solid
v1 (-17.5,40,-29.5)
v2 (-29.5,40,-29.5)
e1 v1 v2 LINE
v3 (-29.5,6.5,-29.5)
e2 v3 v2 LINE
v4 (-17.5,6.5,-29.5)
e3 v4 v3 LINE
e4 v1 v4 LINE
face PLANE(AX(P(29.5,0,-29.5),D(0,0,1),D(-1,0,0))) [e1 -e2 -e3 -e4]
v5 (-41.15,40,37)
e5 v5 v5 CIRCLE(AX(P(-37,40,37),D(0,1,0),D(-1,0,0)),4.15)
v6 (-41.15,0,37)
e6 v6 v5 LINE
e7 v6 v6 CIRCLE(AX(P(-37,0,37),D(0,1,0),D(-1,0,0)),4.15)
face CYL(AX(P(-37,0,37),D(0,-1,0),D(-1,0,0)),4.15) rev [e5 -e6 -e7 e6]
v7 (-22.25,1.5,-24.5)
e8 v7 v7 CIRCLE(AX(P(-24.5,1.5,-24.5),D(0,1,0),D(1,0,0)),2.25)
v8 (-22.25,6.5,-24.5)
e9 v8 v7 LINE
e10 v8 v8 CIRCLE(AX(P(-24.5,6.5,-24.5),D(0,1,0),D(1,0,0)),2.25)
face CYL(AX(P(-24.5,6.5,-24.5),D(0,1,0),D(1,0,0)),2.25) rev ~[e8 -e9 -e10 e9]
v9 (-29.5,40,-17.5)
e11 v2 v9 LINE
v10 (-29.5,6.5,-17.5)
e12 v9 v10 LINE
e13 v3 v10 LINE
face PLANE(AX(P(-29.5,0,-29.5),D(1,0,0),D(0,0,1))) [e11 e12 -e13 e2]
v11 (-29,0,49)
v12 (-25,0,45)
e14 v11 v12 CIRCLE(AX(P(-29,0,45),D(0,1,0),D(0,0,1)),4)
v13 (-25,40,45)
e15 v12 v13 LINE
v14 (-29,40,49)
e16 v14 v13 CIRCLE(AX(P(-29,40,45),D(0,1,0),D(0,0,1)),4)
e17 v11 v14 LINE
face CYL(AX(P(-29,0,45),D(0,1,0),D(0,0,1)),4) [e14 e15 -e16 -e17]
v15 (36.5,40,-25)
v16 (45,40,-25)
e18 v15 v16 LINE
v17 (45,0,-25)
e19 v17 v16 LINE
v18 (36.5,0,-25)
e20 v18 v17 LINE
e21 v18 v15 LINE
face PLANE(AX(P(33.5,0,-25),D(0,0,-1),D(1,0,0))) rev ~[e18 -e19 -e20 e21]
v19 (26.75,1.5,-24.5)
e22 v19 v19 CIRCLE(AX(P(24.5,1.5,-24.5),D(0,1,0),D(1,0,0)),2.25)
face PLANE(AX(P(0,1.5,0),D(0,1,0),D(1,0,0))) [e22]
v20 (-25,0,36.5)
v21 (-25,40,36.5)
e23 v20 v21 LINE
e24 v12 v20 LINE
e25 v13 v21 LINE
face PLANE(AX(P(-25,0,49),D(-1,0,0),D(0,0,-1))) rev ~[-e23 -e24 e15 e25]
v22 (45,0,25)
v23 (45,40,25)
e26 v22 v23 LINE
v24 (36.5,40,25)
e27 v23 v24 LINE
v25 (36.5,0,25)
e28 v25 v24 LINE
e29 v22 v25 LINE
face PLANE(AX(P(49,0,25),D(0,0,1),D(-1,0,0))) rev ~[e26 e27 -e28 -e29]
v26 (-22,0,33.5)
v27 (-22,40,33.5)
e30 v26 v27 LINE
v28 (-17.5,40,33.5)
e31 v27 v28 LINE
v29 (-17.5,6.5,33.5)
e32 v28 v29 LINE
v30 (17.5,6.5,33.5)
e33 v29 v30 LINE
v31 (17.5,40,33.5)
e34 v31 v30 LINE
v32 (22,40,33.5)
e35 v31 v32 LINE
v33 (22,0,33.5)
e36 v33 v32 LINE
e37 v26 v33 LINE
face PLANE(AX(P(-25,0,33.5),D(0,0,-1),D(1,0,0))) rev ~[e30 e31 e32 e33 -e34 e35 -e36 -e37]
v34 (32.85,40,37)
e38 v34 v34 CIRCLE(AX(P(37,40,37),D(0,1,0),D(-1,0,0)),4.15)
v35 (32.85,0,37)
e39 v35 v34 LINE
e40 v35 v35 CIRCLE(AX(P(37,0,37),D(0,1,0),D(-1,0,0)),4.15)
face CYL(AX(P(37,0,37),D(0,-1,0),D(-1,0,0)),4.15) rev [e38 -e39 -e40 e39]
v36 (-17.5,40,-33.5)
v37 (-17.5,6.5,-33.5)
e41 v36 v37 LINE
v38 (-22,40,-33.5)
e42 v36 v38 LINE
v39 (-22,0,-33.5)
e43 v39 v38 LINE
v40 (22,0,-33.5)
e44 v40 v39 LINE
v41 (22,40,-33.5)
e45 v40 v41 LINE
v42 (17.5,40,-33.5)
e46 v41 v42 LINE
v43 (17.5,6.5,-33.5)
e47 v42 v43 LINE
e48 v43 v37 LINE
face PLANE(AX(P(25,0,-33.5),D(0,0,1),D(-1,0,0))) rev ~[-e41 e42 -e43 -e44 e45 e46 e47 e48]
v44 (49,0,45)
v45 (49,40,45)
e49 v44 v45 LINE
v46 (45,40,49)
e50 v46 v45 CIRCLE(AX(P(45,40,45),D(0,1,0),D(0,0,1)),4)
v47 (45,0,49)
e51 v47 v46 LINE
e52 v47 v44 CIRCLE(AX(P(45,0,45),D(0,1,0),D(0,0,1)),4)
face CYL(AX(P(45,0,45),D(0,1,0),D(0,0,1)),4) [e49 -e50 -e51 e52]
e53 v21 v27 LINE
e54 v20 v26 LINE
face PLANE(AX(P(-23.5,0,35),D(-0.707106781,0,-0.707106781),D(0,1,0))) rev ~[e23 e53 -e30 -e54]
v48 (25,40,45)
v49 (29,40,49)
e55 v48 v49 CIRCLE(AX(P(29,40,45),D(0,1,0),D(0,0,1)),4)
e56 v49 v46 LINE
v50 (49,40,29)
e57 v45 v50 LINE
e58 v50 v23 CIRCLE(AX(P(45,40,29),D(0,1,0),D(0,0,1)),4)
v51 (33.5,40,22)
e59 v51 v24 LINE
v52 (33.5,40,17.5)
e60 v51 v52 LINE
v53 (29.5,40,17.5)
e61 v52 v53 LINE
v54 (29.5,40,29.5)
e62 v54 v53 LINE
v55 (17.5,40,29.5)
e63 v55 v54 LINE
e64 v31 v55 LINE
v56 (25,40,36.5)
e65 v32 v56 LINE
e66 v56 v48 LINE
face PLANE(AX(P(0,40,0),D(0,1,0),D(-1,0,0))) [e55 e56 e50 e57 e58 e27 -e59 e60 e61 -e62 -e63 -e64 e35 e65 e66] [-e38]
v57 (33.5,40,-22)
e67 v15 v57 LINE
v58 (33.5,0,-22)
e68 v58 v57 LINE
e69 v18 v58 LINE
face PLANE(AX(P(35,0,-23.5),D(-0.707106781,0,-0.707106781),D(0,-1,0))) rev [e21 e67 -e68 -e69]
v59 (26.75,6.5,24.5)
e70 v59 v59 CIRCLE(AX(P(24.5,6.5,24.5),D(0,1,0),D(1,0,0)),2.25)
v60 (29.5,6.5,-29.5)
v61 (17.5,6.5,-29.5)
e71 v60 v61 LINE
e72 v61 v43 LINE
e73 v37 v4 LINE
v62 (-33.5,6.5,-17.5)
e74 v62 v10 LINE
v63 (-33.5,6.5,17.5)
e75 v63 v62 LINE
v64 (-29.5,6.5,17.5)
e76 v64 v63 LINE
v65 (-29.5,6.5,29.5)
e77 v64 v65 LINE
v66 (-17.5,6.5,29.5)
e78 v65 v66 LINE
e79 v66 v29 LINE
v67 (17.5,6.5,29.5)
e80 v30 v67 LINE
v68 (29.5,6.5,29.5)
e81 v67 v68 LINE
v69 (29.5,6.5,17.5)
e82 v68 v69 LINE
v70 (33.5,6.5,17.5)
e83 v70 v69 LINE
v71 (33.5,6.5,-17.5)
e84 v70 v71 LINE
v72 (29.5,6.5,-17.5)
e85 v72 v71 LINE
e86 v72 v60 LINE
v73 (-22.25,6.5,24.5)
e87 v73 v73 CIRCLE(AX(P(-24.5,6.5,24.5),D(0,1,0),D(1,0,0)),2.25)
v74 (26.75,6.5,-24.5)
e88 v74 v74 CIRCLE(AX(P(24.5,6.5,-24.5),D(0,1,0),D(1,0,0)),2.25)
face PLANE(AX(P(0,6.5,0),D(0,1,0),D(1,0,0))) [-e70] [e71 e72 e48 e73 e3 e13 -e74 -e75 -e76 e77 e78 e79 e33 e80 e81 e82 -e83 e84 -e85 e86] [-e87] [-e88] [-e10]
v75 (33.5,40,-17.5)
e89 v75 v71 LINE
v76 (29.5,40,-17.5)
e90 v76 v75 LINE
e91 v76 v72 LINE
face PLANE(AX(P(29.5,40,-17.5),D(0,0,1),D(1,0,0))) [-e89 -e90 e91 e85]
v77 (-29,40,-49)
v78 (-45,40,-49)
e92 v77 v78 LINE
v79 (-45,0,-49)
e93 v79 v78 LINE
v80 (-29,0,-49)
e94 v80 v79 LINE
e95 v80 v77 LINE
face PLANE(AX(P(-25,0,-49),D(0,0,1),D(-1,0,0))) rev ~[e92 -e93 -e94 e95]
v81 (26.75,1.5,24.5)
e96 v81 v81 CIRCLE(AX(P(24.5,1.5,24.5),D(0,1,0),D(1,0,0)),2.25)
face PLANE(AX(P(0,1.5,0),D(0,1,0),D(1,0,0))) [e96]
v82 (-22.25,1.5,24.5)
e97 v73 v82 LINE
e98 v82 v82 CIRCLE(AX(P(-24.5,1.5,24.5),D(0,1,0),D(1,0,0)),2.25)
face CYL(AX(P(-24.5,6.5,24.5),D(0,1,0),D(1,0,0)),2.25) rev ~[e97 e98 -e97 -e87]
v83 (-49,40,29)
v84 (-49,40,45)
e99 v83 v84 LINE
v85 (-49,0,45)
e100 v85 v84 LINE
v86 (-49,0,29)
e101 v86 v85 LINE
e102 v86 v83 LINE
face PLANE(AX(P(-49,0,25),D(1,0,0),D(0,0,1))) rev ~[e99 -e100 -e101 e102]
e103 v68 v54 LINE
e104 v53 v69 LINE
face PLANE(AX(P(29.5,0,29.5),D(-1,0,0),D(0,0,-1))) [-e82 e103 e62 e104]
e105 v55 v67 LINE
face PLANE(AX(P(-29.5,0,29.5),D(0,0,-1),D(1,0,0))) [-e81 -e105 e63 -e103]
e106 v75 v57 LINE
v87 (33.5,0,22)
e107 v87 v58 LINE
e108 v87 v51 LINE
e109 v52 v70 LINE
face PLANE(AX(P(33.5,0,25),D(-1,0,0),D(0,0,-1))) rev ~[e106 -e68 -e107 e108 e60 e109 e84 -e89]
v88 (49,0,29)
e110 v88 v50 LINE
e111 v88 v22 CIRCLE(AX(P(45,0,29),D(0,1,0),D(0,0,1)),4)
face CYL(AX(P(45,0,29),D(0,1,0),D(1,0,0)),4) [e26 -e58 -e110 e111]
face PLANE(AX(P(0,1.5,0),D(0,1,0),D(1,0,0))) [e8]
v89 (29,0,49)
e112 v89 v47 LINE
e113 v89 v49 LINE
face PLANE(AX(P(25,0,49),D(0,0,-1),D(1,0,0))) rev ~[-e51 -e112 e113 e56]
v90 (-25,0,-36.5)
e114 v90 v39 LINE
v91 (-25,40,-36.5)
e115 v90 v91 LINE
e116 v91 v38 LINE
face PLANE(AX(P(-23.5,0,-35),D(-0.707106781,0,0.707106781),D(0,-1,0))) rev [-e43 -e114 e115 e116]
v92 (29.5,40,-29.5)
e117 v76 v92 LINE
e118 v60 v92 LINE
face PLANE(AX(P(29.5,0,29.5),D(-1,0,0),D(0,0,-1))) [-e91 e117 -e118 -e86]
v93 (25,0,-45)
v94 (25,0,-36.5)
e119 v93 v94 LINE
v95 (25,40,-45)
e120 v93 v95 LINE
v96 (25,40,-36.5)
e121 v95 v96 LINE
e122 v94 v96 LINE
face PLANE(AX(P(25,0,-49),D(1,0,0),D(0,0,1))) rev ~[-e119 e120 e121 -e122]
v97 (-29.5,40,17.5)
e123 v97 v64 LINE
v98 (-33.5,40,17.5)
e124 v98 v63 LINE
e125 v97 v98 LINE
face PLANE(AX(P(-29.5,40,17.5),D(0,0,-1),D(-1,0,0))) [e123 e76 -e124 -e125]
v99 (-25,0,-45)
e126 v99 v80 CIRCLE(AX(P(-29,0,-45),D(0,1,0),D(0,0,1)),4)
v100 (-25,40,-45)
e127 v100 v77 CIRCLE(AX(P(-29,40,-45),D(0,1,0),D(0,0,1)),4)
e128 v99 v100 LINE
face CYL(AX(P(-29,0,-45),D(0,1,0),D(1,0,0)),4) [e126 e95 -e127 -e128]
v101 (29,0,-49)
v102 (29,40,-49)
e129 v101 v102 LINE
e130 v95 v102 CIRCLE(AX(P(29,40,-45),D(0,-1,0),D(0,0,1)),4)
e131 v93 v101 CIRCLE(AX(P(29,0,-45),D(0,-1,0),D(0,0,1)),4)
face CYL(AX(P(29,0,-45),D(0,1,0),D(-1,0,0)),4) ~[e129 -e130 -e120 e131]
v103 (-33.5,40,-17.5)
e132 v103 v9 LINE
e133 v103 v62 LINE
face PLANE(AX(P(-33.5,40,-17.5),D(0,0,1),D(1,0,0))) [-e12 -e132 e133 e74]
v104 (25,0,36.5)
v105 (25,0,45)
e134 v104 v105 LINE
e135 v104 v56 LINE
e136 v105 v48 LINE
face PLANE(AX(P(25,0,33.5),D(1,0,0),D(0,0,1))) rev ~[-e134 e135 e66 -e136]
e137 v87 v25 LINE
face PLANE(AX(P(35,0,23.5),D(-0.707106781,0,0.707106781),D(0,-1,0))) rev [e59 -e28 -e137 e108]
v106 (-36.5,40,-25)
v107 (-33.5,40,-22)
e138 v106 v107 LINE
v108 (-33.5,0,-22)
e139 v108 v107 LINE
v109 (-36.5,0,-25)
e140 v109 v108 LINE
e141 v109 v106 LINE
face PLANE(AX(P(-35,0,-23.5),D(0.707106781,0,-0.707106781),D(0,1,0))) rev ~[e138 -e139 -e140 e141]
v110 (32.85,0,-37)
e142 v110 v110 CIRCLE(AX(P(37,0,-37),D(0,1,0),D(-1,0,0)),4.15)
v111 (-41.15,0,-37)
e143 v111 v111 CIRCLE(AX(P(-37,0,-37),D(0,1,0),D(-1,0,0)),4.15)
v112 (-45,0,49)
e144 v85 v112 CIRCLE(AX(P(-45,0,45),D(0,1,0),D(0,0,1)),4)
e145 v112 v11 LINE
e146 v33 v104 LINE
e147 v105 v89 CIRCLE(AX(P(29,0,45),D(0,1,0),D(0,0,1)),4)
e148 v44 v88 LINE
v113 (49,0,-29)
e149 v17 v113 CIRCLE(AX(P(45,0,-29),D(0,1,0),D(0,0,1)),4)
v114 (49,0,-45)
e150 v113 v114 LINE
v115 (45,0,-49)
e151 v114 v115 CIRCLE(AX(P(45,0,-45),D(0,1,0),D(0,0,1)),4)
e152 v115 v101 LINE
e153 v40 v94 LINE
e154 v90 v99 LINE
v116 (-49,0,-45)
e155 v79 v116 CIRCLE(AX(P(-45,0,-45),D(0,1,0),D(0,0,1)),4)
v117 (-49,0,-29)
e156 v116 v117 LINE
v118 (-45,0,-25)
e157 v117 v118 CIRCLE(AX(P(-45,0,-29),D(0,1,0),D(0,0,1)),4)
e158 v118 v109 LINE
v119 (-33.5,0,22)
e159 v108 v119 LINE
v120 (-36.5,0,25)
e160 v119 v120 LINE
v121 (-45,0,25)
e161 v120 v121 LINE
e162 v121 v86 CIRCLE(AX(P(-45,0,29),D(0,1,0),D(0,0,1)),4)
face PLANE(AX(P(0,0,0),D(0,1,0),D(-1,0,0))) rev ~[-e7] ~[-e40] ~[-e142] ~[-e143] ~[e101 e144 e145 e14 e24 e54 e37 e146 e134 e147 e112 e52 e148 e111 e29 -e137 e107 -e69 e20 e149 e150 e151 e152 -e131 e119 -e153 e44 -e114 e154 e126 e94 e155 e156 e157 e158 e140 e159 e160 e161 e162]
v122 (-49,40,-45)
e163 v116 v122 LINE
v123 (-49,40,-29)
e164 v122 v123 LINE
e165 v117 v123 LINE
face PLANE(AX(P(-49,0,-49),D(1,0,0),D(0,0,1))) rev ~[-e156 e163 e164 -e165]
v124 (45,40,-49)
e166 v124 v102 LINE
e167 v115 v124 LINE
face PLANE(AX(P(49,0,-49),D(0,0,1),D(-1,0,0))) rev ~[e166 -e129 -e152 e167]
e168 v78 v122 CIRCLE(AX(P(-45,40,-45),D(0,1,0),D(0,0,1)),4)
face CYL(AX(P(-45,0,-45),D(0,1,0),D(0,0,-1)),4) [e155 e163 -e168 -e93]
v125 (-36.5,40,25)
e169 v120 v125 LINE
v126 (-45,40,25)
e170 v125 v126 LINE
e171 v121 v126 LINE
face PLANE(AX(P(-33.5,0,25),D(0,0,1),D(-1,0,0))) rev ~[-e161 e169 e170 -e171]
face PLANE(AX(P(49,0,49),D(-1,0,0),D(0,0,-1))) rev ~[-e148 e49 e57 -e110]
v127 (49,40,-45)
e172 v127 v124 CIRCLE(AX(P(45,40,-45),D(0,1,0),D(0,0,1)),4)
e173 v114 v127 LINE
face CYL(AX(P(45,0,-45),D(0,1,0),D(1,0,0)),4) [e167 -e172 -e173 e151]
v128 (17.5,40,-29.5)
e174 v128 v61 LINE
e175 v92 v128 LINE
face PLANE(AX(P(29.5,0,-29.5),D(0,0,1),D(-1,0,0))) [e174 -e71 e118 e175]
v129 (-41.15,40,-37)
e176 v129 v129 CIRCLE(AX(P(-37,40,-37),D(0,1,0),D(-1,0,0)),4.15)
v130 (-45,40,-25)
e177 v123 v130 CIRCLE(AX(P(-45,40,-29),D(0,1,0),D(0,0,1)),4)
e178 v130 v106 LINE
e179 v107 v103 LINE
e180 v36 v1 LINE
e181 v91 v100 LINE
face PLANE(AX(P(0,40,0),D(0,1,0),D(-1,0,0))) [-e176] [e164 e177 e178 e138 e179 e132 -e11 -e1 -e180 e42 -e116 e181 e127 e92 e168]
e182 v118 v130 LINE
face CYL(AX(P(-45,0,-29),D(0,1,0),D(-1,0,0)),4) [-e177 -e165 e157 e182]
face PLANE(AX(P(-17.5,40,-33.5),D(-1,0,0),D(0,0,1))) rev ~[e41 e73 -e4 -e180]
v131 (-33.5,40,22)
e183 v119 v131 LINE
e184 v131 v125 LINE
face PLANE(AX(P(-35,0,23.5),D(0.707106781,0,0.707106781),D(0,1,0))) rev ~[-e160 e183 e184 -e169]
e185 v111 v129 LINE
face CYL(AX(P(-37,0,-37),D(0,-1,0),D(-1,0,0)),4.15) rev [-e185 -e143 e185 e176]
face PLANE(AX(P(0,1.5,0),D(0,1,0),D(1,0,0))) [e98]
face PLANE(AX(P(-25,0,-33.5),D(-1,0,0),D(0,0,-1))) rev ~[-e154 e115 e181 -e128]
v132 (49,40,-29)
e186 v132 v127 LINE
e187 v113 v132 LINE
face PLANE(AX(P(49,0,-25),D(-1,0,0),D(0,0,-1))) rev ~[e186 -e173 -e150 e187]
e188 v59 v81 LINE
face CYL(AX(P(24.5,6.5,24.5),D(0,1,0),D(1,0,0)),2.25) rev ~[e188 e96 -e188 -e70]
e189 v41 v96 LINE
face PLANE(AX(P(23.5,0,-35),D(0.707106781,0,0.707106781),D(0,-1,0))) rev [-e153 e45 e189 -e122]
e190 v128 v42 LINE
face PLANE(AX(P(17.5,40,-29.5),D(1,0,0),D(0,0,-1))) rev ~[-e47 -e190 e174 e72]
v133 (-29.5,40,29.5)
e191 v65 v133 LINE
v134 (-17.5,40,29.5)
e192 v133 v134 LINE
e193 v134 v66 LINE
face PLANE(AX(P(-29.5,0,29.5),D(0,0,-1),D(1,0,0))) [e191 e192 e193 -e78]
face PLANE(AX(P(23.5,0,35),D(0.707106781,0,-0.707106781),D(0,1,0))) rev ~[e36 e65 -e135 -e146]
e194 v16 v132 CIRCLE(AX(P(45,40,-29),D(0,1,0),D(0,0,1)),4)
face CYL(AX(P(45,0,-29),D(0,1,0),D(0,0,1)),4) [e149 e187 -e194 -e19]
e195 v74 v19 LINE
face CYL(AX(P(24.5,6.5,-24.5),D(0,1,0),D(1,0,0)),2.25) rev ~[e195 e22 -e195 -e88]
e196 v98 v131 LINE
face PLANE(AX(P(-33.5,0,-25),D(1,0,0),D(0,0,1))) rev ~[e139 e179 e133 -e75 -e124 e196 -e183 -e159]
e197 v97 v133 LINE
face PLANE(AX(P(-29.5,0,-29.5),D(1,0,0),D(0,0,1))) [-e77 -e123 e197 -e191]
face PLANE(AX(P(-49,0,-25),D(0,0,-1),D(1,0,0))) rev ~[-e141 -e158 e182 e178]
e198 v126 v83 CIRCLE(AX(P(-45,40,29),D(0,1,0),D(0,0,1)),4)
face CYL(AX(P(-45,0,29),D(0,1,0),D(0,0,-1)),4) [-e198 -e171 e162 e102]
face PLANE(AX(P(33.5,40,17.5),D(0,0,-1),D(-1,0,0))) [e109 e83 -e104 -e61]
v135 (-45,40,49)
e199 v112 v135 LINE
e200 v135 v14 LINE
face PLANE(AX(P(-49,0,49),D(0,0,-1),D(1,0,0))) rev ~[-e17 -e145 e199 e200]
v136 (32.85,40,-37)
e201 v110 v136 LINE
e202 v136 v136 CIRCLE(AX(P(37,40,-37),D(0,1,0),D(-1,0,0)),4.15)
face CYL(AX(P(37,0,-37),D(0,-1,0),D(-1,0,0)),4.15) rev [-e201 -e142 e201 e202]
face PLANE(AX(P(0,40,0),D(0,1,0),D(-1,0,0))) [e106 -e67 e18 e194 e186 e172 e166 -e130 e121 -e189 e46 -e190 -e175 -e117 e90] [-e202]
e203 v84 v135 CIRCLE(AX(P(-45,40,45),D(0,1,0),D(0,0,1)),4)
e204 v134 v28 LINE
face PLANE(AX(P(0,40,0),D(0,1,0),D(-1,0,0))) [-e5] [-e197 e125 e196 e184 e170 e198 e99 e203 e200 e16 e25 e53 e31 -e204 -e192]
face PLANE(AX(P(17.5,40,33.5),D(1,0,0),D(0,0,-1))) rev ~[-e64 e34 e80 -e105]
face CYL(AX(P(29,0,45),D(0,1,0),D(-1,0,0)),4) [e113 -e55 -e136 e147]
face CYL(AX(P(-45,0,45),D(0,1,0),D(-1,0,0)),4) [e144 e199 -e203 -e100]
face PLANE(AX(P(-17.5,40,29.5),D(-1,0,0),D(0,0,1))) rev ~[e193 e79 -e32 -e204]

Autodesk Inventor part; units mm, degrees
ref_plane "YZ Plane" through (0, 0, 0) normal (1, 0, 0) x (0, 1, 0)
ref_plane "XZ Plane" through (0, 0, 0) normal (0, 1, 0) x (-1, 0, 0)
ref_plane "XY Plane" through (0, 0, 0) normal (0, 0, 1) x (1, 0, 0)
sketch "Boceto1" plane through (0, 0, 0) normal (0, 1, 0) x (-1, 0, 0)
  circle A0 centre (37, 37) radius 4.15
  line L0 (25, -33.5) -> (25, -49)
  line L1 (25, -49) -> (49, -49)
  line L2 (49, -49) -> (49, -25)
  line L3 (49, -25) -> (33.5, -25)
  line L4 (33.5, -25) -> (33.5, 25)
  line L5 (33.5, 25) -> (49, 25)
  line L6 (49, 25) -> (49, 49)
  line L7 (49, 49) -> (25, 49)
  line L8 (25, 49) -> (25, 33.5)
  line L9 (25, 33.5) -> (-25, 33.5)
  line L10 (-25, 33.5) -> (-25, 49)
  line L11 (-25, 49) -> (-49, 49)
  line L12 (-49, 49) -> (-49, 25)
  line L13 (-49, 25) -> (-33.5, 25)
  line L14 (-33.5, 25) -> (-33.5, -25)
  line L15 (-33.5, -25) -> (-49, -25)
  line L16 (-49, -25) -> (-49, -49)
  line L17 (-49, -49) -> (-25, -49)
  line L18 (-25, -49) -> (-25, -33.5)
  line L19 (-25, -33.5) -> (25, -33.5)
  circle A1 centre (0, 0) radius 5 construction
  line L20 (49, -49) -> (-49, -49) construction
  line L21 (-49, -49) -> (-49, 49)
  line L22 (-49, 49) -> (49, 49) construction
  line L23 (49, 49) -> (49, -49) construction
  line L24 (49, -49) -> (25.0011, -49) construction
  line L25 (25.0011, -49) -> (25.0011, -25) construction
  line L26 (49, -25) -> (49, -49) construction
  line L27 (0, -49) -> (0, 49) construction
  line L28 (49, 0) -> (-49, 0) construction
  line L29 (49, 49) -> (25, 49) construction
  line L30 (25, 49) -> (25, 25) construction
  line L31 (25, 25) -> (49, 25) construction
  line L32 (49, 25) -> (49, 49) construction
  line L33 (49, 49) -> (25, 25) construction
  line L34 (49, 25) -> (25, 49) construction
  circle A2 centre (-37, 37) radius 4.15
  circle A3 centre (-37, -37) radius 4.15
  circle A4 centre (37, -37) radius 4.15
  line L35 (29.5, 29.5) -> (-29.5, 29.5)
  line L36 (-29.5, 29.5) -> (-29.5, -29.5)
  line L37 (-29.5, -29.5) -> (29.5, -29.5)
  line L38 (29.5, -29.5) -> (29.5, 29.5)
  line L39 (29.5, 29.5) -> (-29.5, -29.5) construction
  line L40 (-29.5, 29.5) -> (29.5, -29.5) construction
  circle A5 centre (0, 0) radius 2.5 construction
  point P0 (33.5, 0)
  point P1 (0, -33.5)
  point P2 (0, 33.5)
  point P3 (-33.5, 0)
  dimension "d0" = 33.5
  dimension "d1" = 33.5
  dimension "d4" = 8.3
  dimension "d6" = 49
  dimension "d7" = 49
  dimension "d8" = 98
  dimension "d9" = 98
  dimension "d10" = 15.5
  dimension "d11" = 15.5
  dimension "d12" = 15.5
  dimension "d13" = 15.5
  dimension "d14" = 50
  dimension "d15" = 50
  dimension "d16" = 15.5
  dimension "d17" = 15.5
  dimension "d18" = 15.5
  dimension "d19" = 50
  dimension "d20" = 25
  dimension "d21" = 25
  dimension "d22" = 25
  dimension "d23" = 25
  dimension "d24" = 10
  dimension "d26" = 8.5
  dimension "d27" = 8.5
  dimension "d28" = 24
  dimension "d29" = 15.5
  dimension "d30" = 24
  dimension "d31" = 8.5
  dimension "d32" = 24
  dimension "d33" = 24
  dimension "d36" = 360
  dimension "d41" = 4
  dimension "d46" = 5
  dimension "d49" = 4
extrude "Extrusión1" add sketch "Boceto1" along normal blind 40 contours L19 L18 L17 L16 L15 L14 L13 L12 L11 L10 L9 L8 L7 L6 L5 L4 L3 L2 L1 L0
extrude "Extrusión2" add sketch "Boceto1" along normal blind 6.5 contours L38 L37 L36 L35
sketch "Boceto2" plane through (0, 40, 0) normal (0, 1, 0) x (1, 0, 0)
  line L0 (33.5, -25) -> (33.5, 25) projected
  line L1 (-33.5, 17.5) -> (33.5, 17.5)
  line L2 (33.5, 17.5) -> (33.5, -17.5)
  line L3 (33.5, -17.5) -> (-33.5, -17.5)
  line L4 (-33.5, -17.5) -> (-33.5, 17.5)
  line L5 (-33.5, 17.5) -> (33.5, -17.5) construction
  line L6 (33.5, 17.5) -> (-33.5, -17.5) construction
  line L7 (17.5, 33.5) -> (-17.5, 33.5)
  line L8 (-17.5, 33.5) -> (-17.5, -33.5)
  line L9 (-17.5, -33.5) -> (17.5, -33.5)
  line L10 (17.5, -33.5) -> (17.5, 33.5)
  line L11 (17.5, 33.5) -> (-17.5, -33.5) construction
  line L12 (-17.5, 33.5) -> (17.5, -33.5) construction
  line L13 (-25, -33.5) -> (25, -33.5) projected
  line L14 (29.5, 29.5) -> (29.5, -29.5) projected
  line L15 (-29.5, 29.5) -> (29.5, 29.5) projected
  line L16 (-29.5, -29.5) -> (-29.5, 29.5) projected
  line L17 (29.5, -29.5) -> (-29.5, -29.5) projected
  point P0 (0, 0)
  point P1 (0, 0)
  point P2 (-17.5, 29.5)
  point P3 (17.5, 29.5)
  point P4 (-29.5, -17.5)
  point P5 (-29.5, 17.5)
  point P6 (17.5, -29.5)
  point P7 (-17.5, -29.5)
  point P8 (29.5, 17.5)
  point P9 (29.5, -17.5)
  dimension "d50" = 35
  dimension "d51" = 35
extrude "Extrusión5" cut sketch "Boceto2" against normal up to surface (33.5 mm away) contours L3 L14 L1 L0 | L10 L9 L8 L17 | L15 L8 L7 L10 | L3 L4 L1 L16
fillet "Empalme1" radius 4 12 edges at (49, 20, 49) (49, 20, -49) (49, 20, 25) (25, 20, -49) (-25, 20, -49) (-49, 20, -49) (-49, 20, -25) (-49, 20, 25) (-49, 20, 49) (-25, 20, 49) (25, 20, 49) (49, 20, -25)
chamfer "Chaflán1" distance 3 angle 45 8 edges at (33.5, 20, 25) (33.5, 20, -25) (25, 20, -33.5) (-25, 20, -33.5) (-33.5, 20, -25) (-33.5, 20, 25) (-25, 20, 33.5) (25, 20, 33.5)
sketch "Boceto3" plane through (0, 6.5, 0) normal (0, 1, 0) x (1, 0, 0)
  line L0 (-29.5, -29.5) -> (-29.5, -17.5) construction
  line L1 (29.5, 29.5) -> (29.5, 17.5) construction
  line L2 (-29.5, -29.5) -> (29.5, -29.5)
  line L3 (29.5, -29.5) -> (29.5, 29.5)
  line L4 (29.5, 29.5) -> (-29.5, 29.5)
  line L5 (-29.5, 29.5) -> (-29.5, -29.5)
  line L6 (-29.5, -29.5) -> (-24.5, -29.5) construction
  line L7 (-24.5, -29.5) -> (-24.5, -24.5) construction
  line L8 (-24.5, -24.5) -> (-29.5, -24.5) construction
  line L9 (-29.5, -24.5) -> (-29.5, -29.5) construction
  line L10 (-29.5, 29.5) -> (-24.5, 29.5) construction
  line L11 (-24.5, 29.5) -> (-24.5, 24.5) construction
  line L12 (-24.5, 24.5) -> (-29.5, 24.5) construction
  line L13 (-29.5, 24.5) -> (-29.5, 29.5) construction
  line L14 (29.5, 29.5) -> (24.5, 29.5) construction
  line L15 (24.5, 29.5) -> (24.5, 24.5) construction
  line L16 (24.5, 24.5) -> (29.5, 24.5) construction
  line L17 (29.5, 24.5) -> (29.5, 29.5) construction
  line L18 (29.5, -29.5) -> (24.5, -29.5) construction
  line L19 (24.5, -29.5) -> (24.5, -24.5) construction
  line L20 (24.5, -24.5) -> (29.5, -24.5) construction
  line L21 (29.5, -24.5) -> (29.5, -29.5) construction
  circle A0 centre (24.5, -24.5) radius 2.25
  circle A1 centre (24.5, 24.5) radius 2.25
  circle A2 centre (-24.5, 24.5) radius 2.25
  circle A3 centre (-24.5, -24.5) radius 2.25
  point P0 (0, 0)
  dimension "d61" = 5
  dimension "d62" = 5
  dimension "d63" = 5
  dimension "d64" = 5
  dimension "d65" = 5
  dimension "d66" = 5
  dimension "d67" = 5
  dimension "d68" = 5
  dimension "d69" = 4.5
  dimension "d70" = 4.5
  dimension "d71" = 4.5
  dimension "d72" = 4.5
extrude "Extrusión6" cut sketch "Boceto3" against normal blind 5 contours A0 | A1 | A2 | A3
properties part number "Electronica_3DPrint"
